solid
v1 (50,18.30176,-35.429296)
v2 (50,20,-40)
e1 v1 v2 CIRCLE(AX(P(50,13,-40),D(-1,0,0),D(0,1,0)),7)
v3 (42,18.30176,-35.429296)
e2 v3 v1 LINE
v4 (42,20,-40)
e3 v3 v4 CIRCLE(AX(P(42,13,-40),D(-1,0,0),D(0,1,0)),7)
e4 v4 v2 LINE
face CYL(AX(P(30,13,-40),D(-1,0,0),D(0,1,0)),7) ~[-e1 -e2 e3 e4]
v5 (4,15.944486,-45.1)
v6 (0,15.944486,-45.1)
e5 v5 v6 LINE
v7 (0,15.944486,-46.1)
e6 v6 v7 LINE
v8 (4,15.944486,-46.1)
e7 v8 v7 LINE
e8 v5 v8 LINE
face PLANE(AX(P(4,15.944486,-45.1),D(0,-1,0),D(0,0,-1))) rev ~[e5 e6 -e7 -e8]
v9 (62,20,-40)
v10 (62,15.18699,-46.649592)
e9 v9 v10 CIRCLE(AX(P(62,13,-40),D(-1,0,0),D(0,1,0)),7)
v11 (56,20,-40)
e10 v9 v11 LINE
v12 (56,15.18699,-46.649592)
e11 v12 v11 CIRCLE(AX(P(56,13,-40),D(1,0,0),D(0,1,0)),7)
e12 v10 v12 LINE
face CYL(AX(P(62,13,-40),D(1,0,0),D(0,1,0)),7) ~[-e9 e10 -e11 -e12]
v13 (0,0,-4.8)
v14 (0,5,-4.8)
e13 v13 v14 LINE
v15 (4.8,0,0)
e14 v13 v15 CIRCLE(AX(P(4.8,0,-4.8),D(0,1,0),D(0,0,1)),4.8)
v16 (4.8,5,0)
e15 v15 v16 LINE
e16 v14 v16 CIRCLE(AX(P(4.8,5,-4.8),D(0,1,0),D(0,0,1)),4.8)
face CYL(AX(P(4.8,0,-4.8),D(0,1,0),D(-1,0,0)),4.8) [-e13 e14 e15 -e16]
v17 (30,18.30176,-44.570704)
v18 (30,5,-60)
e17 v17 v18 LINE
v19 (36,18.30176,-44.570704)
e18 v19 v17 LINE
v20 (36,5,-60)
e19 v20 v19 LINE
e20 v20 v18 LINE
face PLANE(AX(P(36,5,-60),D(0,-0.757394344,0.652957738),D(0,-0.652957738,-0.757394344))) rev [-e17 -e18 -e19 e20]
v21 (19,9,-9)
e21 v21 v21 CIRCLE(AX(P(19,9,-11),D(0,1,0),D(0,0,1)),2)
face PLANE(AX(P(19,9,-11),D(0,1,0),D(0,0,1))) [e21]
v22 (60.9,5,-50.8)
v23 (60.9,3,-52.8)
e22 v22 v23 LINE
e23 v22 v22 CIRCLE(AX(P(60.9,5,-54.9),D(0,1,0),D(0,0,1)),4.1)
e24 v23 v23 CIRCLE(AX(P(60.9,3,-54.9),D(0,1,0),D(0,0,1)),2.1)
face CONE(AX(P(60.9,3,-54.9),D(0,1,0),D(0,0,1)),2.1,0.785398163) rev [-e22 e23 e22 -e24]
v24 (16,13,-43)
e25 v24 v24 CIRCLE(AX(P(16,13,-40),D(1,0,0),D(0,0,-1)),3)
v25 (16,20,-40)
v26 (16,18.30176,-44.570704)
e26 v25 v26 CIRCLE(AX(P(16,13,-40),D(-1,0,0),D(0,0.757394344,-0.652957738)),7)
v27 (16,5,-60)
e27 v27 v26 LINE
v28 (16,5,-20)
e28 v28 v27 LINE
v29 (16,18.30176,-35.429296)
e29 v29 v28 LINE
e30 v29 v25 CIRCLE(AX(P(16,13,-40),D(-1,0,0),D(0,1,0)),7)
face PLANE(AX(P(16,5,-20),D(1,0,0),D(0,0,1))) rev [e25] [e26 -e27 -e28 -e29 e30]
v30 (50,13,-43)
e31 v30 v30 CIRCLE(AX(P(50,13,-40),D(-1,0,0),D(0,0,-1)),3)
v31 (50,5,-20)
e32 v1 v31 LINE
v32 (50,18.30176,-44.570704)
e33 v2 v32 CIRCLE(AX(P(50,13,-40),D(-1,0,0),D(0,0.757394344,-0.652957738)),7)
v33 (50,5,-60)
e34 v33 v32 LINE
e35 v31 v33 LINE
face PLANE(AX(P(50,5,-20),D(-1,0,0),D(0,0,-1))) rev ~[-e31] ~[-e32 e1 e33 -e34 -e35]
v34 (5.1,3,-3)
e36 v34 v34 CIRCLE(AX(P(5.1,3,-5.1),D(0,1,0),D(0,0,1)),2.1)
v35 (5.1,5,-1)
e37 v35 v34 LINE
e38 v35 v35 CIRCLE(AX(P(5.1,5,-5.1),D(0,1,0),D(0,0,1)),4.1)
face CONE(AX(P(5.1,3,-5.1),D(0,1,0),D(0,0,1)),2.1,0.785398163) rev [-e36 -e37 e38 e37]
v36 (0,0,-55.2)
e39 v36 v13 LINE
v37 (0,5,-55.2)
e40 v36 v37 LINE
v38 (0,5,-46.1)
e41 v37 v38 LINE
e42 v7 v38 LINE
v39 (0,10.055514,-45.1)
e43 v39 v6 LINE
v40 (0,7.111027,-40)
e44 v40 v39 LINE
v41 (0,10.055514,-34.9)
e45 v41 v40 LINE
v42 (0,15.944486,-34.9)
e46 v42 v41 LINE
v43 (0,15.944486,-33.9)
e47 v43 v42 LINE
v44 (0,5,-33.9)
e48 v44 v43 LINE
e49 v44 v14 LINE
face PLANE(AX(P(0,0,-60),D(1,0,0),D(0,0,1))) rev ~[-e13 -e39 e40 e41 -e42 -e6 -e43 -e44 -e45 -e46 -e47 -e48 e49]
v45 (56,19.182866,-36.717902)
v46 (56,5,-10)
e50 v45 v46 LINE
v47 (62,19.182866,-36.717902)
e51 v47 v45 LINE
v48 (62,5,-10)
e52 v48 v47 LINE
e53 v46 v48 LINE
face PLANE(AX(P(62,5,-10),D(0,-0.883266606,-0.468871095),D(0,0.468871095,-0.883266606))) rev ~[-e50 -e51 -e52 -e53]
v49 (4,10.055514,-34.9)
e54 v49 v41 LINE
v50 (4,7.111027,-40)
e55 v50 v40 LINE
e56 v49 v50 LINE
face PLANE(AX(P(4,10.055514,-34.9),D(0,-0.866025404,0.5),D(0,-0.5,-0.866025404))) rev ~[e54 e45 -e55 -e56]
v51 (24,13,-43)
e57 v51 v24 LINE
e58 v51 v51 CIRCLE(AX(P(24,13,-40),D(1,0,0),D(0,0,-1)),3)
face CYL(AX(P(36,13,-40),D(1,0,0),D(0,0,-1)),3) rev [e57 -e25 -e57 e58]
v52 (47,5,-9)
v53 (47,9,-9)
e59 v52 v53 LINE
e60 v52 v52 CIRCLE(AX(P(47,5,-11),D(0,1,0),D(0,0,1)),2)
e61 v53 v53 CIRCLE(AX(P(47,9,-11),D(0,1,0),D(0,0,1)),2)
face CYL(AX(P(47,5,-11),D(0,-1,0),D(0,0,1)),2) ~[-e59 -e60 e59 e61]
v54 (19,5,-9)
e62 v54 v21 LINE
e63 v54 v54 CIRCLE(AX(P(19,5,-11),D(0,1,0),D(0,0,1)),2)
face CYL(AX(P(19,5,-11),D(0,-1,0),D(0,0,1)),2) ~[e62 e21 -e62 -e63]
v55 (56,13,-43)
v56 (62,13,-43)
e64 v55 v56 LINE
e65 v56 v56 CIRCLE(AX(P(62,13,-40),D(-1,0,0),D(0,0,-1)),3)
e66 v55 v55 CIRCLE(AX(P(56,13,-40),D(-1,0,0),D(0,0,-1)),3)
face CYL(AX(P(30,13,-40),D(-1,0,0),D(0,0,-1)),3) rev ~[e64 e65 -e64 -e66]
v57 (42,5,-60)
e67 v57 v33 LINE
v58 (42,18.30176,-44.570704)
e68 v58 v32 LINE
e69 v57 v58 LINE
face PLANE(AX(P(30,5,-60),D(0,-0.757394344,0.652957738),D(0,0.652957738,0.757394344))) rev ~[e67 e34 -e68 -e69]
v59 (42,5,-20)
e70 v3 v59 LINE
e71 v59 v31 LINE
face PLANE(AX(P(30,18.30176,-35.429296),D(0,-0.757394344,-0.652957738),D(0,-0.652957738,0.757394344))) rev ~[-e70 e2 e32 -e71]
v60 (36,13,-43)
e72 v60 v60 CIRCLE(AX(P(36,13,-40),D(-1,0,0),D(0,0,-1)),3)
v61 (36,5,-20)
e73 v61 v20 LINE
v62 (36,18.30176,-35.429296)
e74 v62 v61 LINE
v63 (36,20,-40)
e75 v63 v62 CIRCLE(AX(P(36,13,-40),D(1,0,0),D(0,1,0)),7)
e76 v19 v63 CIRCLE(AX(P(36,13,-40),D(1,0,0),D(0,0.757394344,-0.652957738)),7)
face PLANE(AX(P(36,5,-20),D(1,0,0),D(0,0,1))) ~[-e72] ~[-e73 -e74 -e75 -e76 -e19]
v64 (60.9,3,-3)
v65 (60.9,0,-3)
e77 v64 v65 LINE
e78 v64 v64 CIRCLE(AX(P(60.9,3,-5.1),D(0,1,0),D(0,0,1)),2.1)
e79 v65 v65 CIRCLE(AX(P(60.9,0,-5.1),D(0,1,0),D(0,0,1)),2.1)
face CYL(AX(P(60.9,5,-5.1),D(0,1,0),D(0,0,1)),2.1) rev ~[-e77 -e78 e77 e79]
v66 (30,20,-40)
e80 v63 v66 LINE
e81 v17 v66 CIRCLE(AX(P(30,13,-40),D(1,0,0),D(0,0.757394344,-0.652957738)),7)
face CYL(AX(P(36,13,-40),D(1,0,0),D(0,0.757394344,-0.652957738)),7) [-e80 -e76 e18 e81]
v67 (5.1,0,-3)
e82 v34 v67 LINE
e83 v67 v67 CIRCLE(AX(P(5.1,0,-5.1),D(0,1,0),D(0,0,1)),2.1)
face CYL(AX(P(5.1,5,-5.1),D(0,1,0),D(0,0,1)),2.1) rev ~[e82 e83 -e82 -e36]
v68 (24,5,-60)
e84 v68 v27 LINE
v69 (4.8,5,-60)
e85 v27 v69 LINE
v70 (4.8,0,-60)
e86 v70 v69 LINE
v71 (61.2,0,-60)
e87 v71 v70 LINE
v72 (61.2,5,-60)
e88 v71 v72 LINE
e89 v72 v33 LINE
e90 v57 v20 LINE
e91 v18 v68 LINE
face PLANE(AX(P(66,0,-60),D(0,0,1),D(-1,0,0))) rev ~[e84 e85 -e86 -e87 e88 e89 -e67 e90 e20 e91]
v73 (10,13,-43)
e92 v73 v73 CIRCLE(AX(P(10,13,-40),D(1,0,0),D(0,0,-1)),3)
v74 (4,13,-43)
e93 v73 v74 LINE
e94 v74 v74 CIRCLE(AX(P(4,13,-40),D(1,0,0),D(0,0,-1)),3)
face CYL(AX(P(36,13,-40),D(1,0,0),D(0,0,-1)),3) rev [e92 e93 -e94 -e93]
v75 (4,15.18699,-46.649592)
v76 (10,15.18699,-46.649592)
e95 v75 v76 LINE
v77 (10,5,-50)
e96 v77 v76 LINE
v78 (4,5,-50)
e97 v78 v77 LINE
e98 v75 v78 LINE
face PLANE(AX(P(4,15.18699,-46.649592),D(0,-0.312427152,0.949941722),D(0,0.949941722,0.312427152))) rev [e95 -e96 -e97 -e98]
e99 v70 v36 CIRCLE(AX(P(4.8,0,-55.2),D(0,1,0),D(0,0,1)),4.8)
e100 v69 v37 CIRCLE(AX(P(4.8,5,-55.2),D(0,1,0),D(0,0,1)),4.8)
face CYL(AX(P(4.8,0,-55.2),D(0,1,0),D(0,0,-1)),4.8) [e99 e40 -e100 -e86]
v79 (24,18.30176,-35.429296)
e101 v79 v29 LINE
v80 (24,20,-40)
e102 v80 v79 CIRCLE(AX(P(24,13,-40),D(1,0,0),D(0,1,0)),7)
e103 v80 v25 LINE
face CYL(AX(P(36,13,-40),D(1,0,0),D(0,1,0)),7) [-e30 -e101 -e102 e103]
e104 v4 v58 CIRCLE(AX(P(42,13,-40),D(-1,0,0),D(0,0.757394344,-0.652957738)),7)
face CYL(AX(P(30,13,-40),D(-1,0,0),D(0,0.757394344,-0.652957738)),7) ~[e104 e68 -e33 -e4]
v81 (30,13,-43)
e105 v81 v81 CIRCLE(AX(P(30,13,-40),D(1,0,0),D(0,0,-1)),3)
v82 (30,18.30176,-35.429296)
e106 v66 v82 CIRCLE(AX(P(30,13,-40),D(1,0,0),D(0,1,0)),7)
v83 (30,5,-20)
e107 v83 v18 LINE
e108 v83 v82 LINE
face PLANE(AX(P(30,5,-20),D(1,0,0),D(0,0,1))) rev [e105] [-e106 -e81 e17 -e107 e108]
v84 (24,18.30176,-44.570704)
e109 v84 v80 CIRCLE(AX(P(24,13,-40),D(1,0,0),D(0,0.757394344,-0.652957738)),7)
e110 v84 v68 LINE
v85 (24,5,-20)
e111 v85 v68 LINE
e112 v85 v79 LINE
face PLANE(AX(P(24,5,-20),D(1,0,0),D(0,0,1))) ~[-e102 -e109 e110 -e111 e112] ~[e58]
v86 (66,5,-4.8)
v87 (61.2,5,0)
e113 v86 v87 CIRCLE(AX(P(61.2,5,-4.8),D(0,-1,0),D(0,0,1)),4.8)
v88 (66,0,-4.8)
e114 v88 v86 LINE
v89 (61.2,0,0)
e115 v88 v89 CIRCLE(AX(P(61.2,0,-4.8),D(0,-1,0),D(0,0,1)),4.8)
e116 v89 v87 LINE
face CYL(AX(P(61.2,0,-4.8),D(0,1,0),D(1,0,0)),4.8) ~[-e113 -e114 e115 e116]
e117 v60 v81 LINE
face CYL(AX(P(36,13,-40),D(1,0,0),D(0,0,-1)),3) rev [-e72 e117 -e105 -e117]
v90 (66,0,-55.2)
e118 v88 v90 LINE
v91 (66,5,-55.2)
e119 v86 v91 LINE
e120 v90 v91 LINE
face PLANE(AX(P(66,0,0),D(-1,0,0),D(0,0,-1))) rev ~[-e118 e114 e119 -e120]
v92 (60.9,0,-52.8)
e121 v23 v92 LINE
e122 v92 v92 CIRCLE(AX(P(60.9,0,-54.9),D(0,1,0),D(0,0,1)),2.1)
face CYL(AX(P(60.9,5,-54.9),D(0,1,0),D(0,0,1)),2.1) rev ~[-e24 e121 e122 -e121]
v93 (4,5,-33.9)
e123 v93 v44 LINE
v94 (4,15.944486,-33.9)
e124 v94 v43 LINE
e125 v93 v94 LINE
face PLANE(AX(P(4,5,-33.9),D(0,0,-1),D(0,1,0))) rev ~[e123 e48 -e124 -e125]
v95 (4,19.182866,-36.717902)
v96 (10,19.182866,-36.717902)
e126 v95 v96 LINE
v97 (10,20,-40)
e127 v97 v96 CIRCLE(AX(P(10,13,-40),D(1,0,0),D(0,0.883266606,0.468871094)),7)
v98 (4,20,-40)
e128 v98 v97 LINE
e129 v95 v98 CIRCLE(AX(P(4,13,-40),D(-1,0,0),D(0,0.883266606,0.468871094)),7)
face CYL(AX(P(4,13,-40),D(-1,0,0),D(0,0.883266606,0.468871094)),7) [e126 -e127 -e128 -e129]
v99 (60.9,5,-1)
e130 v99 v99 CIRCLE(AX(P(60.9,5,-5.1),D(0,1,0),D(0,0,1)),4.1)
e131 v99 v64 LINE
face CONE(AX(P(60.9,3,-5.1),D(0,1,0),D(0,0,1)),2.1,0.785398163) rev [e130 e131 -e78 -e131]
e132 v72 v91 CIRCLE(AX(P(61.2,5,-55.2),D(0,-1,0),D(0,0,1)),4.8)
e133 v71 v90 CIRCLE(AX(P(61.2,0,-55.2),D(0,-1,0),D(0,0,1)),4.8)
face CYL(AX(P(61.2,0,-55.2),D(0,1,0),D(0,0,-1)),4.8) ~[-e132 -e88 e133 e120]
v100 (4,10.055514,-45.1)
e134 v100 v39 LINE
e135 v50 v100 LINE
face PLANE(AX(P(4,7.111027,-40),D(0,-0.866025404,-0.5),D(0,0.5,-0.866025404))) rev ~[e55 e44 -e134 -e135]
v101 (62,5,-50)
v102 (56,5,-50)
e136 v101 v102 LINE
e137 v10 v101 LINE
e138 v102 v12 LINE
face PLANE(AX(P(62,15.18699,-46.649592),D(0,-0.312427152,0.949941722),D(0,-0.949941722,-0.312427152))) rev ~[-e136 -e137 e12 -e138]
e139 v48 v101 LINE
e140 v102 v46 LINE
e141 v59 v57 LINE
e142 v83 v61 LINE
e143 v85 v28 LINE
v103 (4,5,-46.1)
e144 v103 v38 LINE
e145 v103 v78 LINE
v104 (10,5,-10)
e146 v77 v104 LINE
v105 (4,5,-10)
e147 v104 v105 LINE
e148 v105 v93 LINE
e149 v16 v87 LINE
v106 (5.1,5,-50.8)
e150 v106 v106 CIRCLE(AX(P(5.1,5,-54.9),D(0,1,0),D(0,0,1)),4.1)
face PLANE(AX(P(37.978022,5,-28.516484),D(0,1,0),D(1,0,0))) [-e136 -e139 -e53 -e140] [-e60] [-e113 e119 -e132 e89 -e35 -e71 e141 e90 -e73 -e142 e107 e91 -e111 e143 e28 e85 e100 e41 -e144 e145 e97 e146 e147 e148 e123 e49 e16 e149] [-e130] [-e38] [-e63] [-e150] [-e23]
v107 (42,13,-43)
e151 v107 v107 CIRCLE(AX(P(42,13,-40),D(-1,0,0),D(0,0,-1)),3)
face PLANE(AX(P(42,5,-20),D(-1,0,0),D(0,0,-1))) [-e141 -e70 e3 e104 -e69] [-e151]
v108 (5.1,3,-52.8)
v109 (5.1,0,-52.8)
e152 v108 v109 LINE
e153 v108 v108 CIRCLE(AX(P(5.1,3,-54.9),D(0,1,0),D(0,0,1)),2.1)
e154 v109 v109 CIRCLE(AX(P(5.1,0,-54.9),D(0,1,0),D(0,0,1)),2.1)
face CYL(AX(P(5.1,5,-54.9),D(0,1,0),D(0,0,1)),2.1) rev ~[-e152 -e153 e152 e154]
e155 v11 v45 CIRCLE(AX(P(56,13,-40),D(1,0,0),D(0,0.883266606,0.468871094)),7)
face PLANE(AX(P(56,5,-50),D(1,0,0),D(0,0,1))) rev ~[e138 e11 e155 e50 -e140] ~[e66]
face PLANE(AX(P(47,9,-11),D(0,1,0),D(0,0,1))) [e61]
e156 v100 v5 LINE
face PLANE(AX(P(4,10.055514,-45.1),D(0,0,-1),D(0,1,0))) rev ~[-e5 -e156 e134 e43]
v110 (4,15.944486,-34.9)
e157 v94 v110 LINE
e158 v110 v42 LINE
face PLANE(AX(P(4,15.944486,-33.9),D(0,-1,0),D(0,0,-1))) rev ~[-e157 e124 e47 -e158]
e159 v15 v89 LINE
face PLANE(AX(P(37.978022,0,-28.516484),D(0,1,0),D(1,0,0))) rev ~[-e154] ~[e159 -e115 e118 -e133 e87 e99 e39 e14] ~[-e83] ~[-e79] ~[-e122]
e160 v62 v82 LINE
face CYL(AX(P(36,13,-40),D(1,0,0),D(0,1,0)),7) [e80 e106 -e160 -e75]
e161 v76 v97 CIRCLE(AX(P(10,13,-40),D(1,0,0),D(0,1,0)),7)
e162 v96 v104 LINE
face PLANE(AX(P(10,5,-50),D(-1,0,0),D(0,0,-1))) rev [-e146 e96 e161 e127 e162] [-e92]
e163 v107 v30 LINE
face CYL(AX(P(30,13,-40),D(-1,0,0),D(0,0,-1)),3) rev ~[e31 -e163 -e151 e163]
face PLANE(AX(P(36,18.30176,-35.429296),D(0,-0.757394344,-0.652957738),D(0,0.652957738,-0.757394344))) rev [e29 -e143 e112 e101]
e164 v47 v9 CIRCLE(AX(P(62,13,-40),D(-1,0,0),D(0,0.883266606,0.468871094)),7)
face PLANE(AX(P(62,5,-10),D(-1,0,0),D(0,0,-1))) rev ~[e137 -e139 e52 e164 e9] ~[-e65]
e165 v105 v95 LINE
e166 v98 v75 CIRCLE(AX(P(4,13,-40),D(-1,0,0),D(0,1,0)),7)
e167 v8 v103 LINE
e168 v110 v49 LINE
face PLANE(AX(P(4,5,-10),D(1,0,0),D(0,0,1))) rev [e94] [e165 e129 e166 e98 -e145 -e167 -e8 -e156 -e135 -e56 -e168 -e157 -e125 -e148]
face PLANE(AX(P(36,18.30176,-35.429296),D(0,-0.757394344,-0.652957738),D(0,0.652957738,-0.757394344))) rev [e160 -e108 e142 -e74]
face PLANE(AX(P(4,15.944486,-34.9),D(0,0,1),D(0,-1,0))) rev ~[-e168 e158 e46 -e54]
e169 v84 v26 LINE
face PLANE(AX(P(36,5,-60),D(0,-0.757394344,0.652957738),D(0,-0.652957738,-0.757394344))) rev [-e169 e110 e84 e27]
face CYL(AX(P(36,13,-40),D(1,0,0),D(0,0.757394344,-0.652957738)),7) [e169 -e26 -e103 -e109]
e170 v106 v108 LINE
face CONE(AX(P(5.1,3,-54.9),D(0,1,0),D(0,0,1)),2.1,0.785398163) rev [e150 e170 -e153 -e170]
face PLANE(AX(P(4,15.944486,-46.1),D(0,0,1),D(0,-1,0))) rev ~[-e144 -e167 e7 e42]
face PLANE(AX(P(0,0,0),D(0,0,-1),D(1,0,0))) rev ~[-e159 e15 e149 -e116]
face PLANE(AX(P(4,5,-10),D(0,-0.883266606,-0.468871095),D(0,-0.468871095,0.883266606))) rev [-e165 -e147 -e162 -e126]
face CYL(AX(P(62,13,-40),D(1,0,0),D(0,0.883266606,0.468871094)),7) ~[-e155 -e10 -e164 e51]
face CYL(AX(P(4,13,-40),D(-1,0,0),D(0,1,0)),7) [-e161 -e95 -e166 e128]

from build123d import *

# Parameters (mm, degrees)
SKETCH4_W           = 6
SKETCH4_H           = 40
SKETCH4_W_2         = 8
BOSS_EXTRUDE4_DEPTH = 5
SKETCH6_W           = 6
SKETCH6_H           = 40
SKETCH6_W_2         = 8
BOSS_EXTRUDE5_DEPTH = 15
SKETCH7_R           = 3
CUT_EXTRUDE2_DEPTH  = 73.773621595
CUT_EXTRUDE3_REACH  = 74.774
CUT_EXTRUDE4_REACH  = 90.566
CUT_EXTRUDE5_REACH  = 92.449
SKETCH10_R          = 2.1
CHAMFER1_SIZE       = 2
FILLET1_R           = 4.8
SKETCH11_R          = 2
BOSS_EXTRUDE6_DEPTH = 4
BOSS_EXTRUDE7_DEPTH = 4


with BuildPart() as part:
    # Sketch4 → Boss-Extrude4 (new body)
    with BuildSketch(Plane(origin=(0, 0, 0), x_dir=(1, 0, 0), z_dir=(0, 1, 0))):
        Polygon((0, 60), (0, 0), (66, 0), (66, 60), (56, 60), (56, 50), (62, 50), (62, 10), (56, 10), (56, 20), (50, 20), (42, 20), (36, 20), (30, 20), (30, 60), align=None)
        with Locations((39, 40)):
            Rectangle(SKETCH4_W, SKETCH4_H)
        with Locations((33, 40)):
            Rectangle(SKETCH4_W, SKETCH4_H)
        with Locations((46, 40)):
            Rectangle(SKETCH4_W_2, SKETCH4_H)
        Polygon((56, 50), (56, 60), (50, 60), (50, 20), (56, 20), align=None)
        Polygon((62, 50), (56, 50), (56, 20), (56, 10), (62, 10), align=None)
    extrude(amount=BOSS_EXTRUDE4_DEPTH)

    # Sketch6 → Boss-Extrude5 (add)
    with BuildSketch(Plane(origin=(0, 5, 0), x_dir=(1, 0, 0), z_dir=(0, 1, 0))):
        with Locations((33, 40)):
            Rectangle(SKETCH6_W, SKETCH6_H)
        with Locations((46, 40)):
            Rectangle(SKETCH6_W_2, SKETCH6_H)
        Polygon((62, 50), (56, 50), (56, 20), (56, 10), (62, 10), align=None)
    boss_extrude5 = extrude(amount=BOSS_EXTRUDE5_DEPTH)

    # Sketch7 → Cut-Extrude2 (cut, through all)
    with BuildSketch(Plane.ZY.offset(-30)):
        with Locations(Location((-40, 13, 0), (0, 0, 180))):
            Circle(SKETCH7_R)
    cut_extrude2 = extrude(amount=-CUT_EXTRUDE2_DEPTH, mode=Mode.SUBTRACT)

    # Cut-Extrude3: up to this face of the body (flat: up to its plane)
    cut_extrude3_end = Plane(part.part.faces().sort_by_distance((50, 12.5, -20.427200187))[0])
    # Sketch8 → Cut-Extrude3 (cut, up to the picked face)
    with BuildSketch(Plane.ZY.offset(-30), mode=Mode.PRIVATE) as cut_extrude3_sk1:
        with BuildLine():
            Line((-60, 20), (-60, 5))
            Line((-60, 5), (-44.570704164, 18.30176041))
            ThreePointArc((-44.570704164, 18.30176041), (-42.437998885, 19.561719396), (-40, 20))
            Line((-40, 20), (-60, 20))
        make_face()
    cut_extrude3_tool1 = split(extrude(cut_extrude3_sk1.sketch, amount=-CUT_EXTRUDE3_REACH, mode=Mode.PRIVATE), bisect_by=cut_extrude3_end, keep=Keep.BOTH, mode=Mode.PRIVATE)
    # Sketch8 → Cut-Extrude3 (cut, up to the picked face)
    with BuildSketch(Plane.ZY.offset(-30), mode=Mode.PRIVATE) as cut_extrude3_sk2:
        with BuildLine():
            Line((-35.429295836, 18.30176041), (-20, 5))
            Line((-20, 5), (-20, 20))
            Line((-20, 20), (-40, 20))
            ThreePointArc((-40, 20), (-37.562001115, 19.561719396), (-35.429295836, 18.30176041))
        make_face()
    cut_extrude3_tool2 = split(extrude(cut_extrude3_sk2.sketch, amount=-CUT_EXTRUDE3_REACH, mode=Mode.PRIVATE), bisect_by=cut_extrude3_end, keep=Keep.BOTH, mode=Mode.PRIVATE)
    cut_extrude3_1 = cut_extrude3_tool1.solids().sort_by(Axis((30, 15.027454, -54.131076), (1, 0, 0)))[0]
    add(cut_extrude3_1, mode=Mode.SUBTRACT)
    cut_extrude3_2 = cut_extrude3_tool2.solids().sort_by(Axis((30, 15.027454, -25.868924), (1, 0, 0)))[0]
    add(cut_extrude3_2, mode=Mode.SUBTRACT)
    cut_extrude3 = cut_extrude3_1 + cut_extrude3_2  # Cut-Extrude3 as one shape, for the pattern or mirror that repeats it

    # Sketch9 → Cut-Extrude4 (cut, up to next)
    with BuildSketch(Plane(origin=(62, 0, 0), x_dir=(0, 0, -1), z_dir=(1, 0, 0)), mode=Mode.PRIVATE) as cut_extrude4_sk1:
        with BuildLine():
            ThreePointArc((36.717902336, 19.182866239), (38.30885596, 19.792645422), (40, 20))
            Line((40, 20), (10, 20))
            Line((10, 20), (10, 5))
            Line((10, 5), (36.717902336, 19.182866239))
        make_face()
    cut_extrude4_tool1 = extrude(cut_extrude4_sk1.sketch, amount=-CUT_EXTRUDE4_REACH, mode=Mode.PRIVATE) & part.part
    # Sketch9 → Cut-Extrude4 (cut, up to next)
    with BuildSketch(Plane(origin=(62, 0, 0), x_dir=(0, 0, -1), z_dir=(1, 0, 0)), mode=Mode.PRIVATE) as cut_extrude4_sk2:
        with BuildLine():
            ThreePointArc((40, 20), (44.104331221, 18.67049074), (46.649592052, 15.186990065))
            Line((46.649592052, 15.186990065), (50, 5))
            Line((50, 5), (50, 20))
            Line((50, 20), (40, 20))
        make_face()
    cut_extrude4_tool2 = extrude(cut_extrude4_sk2.sketch, amount=-CUT_EXTRUDE4_REACH, mode=Mode.PRIVATE) & part.part
    cut_extrude4_1 = cut_extrude4_tool1.solids().sort_by_distance((62, 15.005539, -19.440707))[0]
    add(cut_extrude4_1, mode=Mode.SUBTRACT)
    cut_extrude4_2 = cut_extrude4_tool2.solids().sort_by_distance((62, 15.452907, -47.894979))[0]
    add(cut_extrude4_2, mode=Mode.SUBTRACT)
    cut_extrude4 = cut_extrude4_1 + cut_extrude4_2  # Cut-Extrude4 as one shape, for the pattern or mirror that repeats it

    # Mirror1: Boss-Extrude5, Cut-Extrude2, Cut-Extrude3, Cut-Extrude4 across plane
    add(boss_extrude5.mirror(Plane.ZY.offset(-33)))
    add(cut_extrude2.mirror(Plane.ZY.offset(-33)), mode=Mode.SUBTRACT)
    add(cut_extrude3.mirror(Plane.ZY.offset(-33)), mode=Mode.SUBTRACT)
    add(cut_extrude4.mirror(Plane.ZY.offset(-33)), mode=Mode.SUBTRACT)

    # Sketch10 → Cut-Extrude5 (cut, up to next)
    with BuildSketch(Plane(origin=(0, 5, 0), x_dir=(1, 0, 0), z_dir=(0, 1, 0)), mode=Mode.PRIVATE) as cut_extrude5_sk1:
        with Locations(Location((5.1, 54.9, 0), (0, 0, 270))):
            Circle(SKETCH10_R)
    cut_extrude5_tool1 = extrude(cut_extrude5_sk1.sketch, amount=-CUT_EXTRUDE5_REACH, mode=Mode.PRIVATE) & part.part
    # Sketch10 → Cut-Extrude5 (cut, up to next)
    with BuildSketch(Plane(origin=(0, 5, 0), x_dir=(1, 0, 0), z_dir=(0, 1, 0)), mode=Mode.PRIVATE) as cut_extrude5_sk2:
        with Locations(Location((60.9, 54.9, 0), (0, 0, 270))):
            Circle(SKETCH10_R)
    cut_extrude5_tool2 = extrude(cut_extrude5_sk2.sketch, amount=-CUT_EXTRUDE5_REACH, mode=Mode.PRIVATE) & part.part
    # Sketch10 → Cut-Extrude5 (cut, up to next)
    with BuildSketch(Plane(origin=(0, 5, 0), x_dir=(1, 0, 0), z_dir=(0, 1, 0)), mode=Mode.PRIVATE) as cut_extrude5_sk3:
        with Locations(Location((60.9, 5.1, 0), (0, 0, 270))):
            Circle(SKETCH10_R)
    cut_extrude5_tool3 = extrude(cut_extrude5_sk3.sketch, amount=-CUT_EXTRUDE5_REACH, mode=Mode.PRIVATE) & part.part
    # Sketch10 → Cut-Extrude5 (cut, up to next)
    with BuildSketch(Plane(origin=(0, 5, 0), x_dir=(1, 0, 0), z_dir=(0, 1, 0)), mode=Mode.PRIVATE) as cut_extrude5_sk4:
        with Locations(Location((5.1, 5.1, 0), (0, 0, 270))):
            Circle(SKETCH10_R)
    cut_extrude5_tool4 = extrude(cut_extrude5_sk4.sketch, amount=-CUT_EXTRUDE5_REACH, mode=Mode.PRIVATE) & part.part
    add(cut_extrude5_tool1.solids().sort_by_distance((5.1, 5, -54.9))[0], mode=Mode.SUBTRACT)
    add(cut_extrude5_tool2.solids().sort_by_distance((60.9, 5, -54.9))[0], mode=Mode.SUBTRACT)
    add(cut_extrude5_tool3.solids().sort_by_distance((60.9, 5, -5.1))[0], mode=Mode.SUBTRACT)
    add(cut_extrude5_tool4.solids().sort_by_distance((5.1, 5, -5.1))[0], mode=Mode.SUBTRACT)

    # Chamfer1
    chamfer1_edges = [part.edges().sort_by_distance(p)[0] for p in [
        (5.1, 5, -7.2),
        (60.9, 5, -7.2),
        (60.9, 5, -57),
        (5.1, 5, -57),
    ]]
    chamfer(chamfer1_edges, length=CHAMFER1_SIZE)

    # Fillet1
    fillet1_edges = [part.edges().sort_by_distance(p)[0] for p in [
        (66, 2.5, 0),
        (0, 2.5, 0),
        (0, 2.5, -60),
        (66, 2.5, -60),
    ]]
    fillet(fillet1_edges, radius=FILLET1_R)

    # Sketch11 → Boss-Extrude6 (add)
    with BuildSketch(Plane(origin=(0, 5, 0), x_dir=(1, 0, 0), z_dir=(0, 1, 0))):
        with Locations(Location((19, 11, 0), (0, 0, 270))):
            Circle(SKETCH11_R)
        with Locations(Location((47, 11, 0), (0, 0, 270))):
            Circle(SKETCH11_R)
    extrude(amount=BOSS_EXTRUDE6_DEPTH)

    # Sketch12 → Boss-Extrude7 (add)
    with BuildSketch(Plane.ZY.offset(-4)):
        Polygon((-45.1, 10.055513627), (-45.1, 15.944486373), (-46.1, 15.944486373), (-46.1, 5), (-33.9, 5), (-33.9, 15.944486373), (-34.9, 15.944486373), (-34.9, 10.055513627), (-40, 7.111027254), align=None)
    extrude(amount=BOSS_EXTRUDE7_DEPTH)


solid = part.part
